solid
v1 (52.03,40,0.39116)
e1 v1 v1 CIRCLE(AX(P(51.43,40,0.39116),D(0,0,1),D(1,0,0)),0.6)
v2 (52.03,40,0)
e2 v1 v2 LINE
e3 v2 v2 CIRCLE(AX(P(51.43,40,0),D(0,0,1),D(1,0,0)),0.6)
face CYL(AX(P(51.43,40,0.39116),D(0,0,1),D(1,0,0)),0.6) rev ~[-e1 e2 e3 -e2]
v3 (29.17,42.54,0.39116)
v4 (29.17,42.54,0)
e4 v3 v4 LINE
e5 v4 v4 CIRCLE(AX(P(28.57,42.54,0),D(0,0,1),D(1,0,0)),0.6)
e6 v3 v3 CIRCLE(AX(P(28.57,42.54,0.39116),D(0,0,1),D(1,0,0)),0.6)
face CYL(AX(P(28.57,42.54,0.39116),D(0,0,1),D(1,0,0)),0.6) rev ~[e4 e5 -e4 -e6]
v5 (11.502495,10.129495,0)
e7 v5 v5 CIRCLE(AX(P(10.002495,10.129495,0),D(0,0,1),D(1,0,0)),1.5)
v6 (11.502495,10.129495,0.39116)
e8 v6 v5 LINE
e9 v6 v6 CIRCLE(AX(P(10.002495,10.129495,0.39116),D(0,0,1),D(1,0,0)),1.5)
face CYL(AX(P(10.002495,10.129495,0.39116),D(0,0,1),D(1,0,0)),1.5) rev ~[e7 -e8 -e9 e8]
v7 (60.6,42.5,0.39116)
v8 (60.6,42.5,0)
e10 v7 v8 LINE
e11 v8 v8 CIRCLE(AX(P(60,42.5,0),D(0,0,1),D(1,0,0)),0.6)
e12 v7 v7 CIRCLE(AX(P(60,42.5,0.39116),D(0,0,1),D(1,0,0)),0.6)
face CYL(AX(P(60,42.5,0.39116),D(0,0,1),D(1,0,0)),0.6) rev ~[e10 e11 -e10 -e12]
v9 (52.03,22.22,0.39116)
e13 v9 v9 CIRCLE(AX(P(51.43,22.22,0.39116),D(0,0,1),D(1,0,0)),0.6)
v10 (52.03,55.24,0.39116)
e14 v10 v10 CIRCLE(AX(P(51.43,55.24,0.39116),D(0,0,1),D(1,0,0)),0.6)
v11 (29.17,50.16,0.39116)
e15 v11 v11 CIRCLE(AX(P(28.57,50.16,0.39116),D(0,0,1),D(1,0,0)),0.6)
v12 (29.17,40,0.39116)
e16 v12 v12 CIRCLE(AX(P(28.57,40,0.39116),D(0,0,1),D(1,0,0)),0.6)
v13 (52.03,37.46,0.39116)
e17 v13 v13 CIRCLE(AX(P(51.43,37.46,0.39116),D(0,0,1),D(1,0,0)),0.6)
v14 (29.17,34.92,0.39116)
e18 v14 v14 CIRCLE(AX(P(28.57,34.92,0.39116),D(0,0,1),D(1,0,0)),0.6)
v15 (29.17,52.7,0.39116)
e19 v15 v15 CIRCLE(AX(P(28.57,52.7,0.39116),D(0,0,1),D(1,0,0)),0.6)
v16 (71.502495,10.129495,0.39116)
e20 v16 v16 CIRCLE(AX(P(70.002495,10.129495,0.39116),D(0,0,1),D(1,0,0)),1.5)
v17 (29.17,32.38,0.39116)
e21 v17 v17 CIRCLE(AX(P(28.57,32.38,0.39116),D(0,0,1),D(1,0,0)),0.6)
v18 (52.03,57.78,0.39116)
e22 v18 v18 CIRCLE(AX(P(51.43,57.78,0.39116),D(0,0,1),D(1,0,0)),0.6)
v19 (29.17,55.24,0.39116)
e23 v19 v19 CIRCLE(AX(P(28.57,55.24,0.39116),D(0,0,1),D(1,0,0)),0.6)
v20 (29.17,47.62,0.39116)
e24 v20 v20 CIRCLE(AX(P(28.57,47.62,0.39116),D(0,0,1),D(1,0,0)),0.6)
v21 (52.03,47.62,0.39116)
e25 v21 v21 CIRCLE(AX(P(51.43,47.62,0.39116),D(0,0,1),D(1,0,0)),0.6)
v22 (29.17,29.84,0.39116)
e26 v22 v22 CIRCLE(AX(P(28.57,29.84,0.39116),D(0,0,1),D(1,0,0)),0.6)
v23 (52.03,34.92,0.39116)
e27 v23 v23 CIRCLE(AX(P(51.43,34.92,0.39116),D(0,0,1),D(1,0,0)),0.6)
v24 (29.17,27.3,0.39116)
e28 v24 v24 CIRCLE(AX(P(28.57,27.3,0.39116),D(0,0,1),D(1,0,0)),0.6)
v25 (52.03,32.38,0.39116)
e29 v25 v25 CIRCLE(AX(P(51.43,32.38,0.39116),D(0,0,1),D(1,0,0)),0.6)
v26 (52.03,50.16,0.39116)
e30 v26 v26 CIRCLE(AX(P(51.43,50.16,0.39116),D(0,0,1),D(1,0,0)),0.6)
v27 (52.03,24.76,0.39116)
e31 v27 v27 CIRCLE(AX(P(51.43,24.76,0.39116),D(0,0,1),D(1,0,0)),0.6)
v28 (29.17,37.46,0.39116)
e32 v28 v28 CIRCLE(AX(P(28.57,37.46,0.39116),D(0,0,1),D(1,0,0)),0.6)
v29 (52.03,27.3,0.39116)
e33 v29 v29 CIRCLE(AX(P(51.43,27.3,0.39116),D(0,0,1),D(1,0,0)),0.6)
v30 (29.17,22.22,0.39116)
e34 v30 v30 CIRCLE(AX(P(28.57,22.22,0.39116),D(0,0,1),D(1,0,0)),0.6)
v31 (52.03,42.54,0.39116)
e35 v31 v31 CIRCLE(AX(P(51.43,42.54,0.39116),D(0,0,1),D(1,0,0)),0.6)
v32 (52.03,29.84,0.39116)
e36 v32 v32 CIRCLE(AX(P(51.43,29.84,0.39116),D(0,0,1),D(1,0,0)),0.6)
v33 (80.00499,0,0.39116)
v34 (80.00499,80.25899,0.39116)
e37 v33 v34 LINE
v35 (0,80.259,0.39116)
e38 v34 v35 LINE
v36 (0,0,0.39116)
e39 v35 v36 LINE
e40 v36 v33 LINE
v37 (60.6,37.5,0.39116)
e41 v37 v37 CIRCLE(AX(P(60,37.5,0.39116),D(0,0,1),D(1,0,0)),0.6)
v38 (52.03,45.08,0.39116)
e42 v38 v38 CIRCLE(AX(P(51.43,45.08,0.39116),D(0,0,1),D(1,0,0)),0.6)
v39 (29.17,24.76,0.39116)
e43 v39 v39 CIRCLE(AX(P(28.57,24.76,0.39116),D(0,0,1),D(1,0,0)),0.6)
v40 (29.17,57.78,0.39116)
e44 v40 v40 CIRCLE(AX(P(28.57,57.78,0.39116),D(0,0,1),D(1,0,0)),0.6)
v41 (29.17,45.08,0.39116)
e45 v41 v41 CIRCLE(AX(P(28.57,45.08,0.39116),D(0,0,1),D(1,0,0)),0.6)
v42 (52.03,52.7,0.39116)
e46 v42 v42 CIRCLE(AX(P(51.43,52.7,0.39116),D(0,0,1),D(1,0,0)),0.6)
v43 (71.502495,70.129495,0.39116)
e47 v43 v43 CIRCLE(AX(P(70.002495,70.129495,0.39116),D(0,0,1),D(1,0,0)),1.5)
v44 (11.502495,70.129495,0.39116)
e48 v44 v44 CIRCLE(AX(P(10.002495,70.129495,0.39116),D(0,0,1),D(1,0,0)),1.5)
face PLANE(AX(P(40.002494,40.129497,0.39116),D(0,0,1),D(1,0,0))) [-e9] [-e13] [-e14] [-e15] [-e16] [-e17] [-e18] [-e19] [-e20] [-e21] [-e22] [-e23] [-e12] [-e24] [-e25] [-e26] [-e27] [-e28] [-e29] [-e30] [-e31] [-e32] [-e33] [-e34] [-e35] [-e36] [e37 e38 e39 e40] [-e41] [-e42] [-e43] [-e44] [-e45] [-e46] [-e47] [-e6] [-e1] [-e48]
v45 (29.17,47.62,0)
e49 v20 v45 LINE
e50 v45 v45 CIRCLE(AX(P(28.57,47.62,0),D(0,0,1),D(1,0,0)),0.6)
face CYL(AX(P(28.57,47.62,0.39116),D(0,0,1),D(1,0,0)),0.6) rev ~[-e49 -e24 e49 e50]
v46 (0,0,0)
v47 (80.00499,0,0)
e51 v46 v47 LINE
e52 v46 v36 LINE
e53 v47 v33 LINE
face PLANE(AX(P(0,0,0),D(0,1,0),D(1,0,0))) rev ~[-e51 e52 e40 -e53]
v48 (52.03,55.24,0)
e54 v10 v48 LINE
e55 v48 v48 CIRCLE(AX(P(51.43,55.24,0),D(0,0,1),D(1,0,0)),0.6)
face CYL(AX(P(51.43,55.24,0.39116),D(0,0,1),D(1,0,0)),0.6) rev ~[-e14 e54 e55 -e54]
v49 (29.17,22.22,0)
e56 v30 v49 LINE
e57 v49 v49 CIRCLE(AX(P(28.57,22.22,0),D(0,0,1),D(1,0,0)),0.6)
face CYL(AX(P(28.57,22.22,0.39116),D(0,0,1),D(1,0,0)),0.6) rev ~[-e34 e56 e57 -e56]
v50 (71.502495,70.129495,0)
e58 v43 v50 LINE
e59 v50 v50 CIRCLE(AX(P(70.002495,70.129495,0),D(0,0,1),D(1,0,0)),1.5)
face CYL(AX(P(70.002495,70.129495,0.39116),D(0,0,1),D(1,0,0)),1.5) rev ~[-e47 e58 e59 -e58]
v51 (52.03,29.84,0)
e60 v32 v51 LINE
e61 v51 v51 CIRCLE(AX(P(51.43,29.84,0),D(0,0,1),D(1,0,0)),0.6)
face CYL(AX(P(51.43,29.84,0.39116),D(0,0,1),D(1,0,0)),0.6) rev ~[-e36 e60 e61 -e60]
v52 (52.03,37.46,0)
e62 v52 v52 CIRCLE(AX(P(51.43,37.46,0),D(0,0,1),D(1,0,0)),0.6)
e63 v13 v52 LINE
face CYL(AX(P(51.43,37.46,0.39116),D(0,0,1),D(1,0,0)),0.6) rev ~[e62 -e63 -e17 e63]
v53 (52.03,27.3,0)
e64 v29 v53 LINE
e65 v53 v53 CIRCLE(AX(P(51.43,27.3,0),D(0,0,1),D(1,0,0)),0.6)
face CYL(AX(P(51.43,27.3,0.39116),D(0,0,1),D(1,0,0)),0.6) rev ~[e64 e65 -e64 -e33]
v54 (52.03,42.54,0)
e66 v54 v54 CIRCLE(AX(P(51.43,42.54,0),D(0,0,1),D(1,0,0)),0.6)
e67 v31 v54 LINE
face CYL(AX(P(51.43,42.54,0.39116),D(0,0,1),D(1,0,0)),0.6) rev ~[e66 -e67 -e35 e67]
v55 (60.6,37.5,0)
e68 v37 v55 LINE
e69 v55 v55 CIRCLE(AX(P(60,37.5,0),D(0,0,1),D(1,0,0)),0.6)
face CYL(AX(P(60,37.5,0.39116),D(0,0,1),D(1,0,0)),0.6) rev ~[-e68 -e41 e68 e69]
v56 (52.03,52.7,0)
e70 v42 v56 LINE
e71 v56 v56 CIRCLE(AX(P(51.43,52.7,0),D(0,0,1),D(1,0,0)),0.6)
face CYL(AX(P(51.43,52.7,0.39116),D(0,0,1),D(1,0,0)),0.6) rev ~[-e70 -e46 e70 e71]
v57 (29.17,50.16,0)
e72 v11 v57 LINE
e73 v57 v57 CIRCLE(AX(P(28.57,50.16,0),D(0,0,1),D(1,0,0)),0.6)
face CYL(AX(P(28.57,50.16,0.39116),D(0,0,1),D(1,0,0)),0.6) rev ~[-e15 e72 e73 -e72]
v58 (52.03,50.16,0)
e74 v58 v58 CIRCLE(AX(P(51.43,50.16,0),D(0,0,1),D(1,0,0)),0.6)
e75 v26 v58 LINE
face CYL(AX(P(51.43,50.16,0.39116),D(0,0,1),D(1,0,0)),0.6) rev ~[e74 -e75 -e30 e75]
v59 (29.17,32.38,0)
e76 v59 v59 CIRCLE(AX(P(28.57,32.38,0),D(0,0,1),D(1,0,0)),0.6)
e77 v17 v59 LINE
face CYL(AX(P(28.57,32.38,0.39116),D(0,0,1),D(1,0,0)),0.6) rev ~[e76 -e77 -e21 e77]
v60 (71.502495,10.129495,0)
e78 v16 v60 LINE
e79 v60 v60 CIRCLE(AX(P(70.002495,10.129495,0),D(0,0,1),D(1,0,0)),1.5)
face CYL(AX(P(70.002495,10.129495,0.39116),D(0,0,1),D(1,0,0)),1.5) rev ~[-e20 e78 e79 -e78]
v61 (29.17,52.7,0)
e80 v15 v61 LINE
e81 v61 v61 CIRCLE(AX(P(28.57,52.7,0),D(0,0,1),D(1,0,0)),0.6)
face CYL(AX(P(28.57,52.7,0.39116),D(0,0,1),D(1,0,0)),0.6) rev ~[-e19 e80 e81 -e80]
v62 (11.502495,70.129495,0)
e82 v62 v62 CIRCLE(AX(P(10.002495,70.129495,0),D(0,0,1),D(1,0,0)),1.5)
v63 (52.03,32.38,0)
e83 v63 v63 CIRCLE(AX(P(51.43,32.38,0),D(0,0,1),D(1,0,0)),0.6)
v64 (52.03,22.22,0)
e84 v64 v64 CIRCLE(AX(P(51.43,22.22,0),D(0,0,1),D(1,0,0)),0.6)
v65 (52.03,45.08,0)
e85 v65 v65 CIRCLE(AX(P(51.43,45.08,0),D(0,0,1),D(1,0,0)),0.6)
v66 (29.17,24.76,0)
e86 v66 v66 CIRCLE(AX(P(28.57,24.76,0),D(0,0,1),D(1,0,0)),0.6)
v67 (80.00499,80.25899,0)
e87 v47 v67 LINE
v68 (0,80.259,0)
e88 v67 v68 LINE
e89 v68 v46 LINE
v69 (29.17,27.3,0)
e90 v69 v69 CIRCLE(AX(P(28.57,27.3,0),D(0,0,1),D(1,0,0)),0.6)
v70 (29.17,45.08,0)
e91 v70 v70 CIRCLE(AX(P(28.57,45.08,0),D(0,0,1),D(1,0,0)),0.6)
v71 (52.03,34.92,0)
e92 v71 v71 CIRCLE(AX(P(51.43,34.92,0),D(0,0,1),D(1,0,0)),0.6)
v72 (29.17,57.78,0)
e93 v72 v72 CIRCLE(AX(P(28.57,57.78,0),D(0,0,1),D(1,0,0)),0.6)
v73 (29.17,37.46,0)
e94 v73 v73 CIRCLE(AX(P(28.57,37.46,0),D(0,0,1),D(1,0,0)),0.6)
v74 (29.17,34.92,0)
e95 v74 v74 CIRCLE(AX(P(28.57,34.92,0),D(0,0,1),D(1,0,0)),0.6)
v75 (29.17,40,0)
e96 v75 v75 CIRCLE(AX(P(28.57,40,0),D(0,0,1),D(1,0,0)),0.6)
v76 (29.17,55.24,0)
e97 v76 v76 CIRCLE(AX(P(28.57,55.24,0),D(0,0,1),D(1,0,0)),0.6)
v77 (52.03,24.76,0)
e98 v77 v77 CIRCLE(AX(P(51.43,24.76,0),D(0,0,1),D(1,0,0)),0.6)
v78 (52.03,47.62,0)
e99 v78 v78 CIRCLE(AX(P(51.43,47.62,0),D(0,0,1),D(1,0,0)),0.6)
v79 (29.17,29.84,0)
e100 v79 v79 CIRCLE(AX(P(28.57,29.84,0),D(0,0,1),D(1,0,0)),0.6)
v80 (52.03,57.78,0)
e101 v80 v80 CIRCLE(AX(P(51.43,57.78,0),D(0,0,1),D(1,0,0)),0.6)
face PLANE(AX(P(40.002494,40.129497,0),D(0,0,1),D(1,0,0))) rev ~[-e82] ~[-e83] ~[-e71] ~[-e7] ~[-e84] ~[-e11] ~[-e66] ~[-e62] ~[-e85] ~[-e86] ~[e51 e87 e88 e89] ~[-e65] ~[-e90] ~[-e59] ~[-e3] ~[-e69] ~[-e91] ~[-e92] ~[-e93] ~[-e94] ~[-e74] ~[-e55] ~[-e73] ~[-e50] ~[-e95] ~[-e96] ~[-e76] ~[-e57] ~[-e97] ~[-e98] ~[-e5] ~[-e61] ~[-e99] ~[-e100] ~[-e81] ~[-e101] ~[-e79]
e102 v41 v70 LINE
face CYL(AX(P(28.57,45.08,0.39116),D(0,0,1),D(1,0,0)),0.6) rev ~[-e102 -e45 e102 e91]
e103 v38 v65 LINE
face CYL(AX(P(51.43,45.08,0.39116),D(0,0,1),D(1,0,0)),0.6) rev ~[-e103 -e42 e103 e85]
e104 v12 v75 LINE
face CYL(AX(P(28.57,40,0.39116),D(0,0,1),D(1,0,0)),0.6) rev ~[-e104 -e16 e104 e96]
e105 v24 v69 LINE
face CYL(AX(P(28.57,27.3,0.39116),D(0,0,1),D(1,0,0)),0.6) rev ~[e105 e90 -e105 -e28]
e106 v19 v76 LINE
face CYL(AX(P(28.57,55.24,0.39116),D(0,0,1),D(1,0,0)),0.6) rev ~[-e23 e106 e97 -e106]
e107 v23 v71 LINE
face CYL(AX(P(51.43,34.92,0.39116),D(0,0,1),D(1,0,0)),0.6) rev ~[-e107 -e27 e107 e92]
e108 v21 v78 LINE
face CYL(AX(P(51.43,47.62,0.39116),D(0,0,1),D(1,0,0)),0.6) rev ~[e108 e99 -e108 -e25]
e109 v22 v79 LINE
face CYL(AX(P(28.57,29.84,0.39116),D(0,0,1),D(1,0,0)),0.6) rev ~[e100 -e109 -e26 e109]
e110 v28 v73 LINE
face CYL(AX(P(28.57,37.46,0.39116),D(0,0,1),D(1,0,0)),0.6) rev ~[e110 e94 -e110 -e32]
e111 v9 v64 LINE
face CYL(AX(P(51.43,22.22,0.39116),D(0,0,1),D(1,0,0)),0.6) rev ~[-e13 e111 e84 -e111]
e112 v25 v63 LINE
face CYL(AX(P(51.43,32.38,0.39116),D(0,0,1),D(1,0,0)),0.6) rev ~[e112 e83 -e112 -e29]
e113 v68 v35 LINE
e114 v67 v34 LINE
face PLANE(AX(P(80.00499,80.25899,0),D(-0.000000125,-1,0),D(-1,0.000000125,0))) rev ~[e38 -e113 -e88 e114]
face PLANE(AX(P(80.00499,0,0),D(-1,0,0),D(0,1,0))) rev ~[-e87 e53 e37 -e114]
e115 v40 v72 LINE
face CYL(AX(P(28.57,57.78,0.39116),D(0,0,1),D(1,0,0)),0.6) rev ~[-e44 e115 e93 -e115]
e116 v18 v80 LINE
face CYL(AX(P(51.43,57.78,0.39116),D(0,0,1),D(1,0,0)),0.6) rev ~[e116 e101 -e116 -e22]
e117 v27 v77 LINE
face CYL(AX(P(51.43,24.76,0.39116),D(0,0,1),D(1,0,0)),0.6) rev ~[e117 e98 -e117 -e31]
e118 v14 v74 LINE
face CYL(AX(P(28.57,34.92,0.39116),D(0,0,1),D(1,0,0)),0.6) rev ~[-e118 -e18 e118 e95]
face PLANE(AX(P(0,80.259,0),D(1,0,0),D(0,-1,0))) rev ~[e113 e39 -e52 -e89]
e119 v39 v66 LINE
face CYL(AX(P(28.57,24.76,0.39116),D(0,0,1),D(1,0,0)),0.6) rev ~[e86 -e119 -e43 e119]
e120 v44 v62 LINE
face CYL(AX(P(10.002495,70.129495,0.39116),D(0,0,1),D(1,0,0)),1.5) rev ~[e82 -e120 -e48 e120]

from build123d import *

# Parameters (mm, degrees)
BOARD_DEPTH                 = 0.39116
ESBO_O2_R                   = 0.6
HOLE_P1_1_DEPTH             = 0.39116
ESBO_O3_R                   = 0.6
HOLE_P1_2_DEPTH             = 1.39116
ESBO_O4_R                   = 0.6
HOLE_P3_12_DEPTH            = 1.39116
ESBO_O5_R                   = 0.6
HOLE_P3_13_DEPTH            = 1.39116
ESBO_O6_R                   = 0.6
HOLE_P3_14_DEPTH            = 1.39116
ESBO_O7_R                   = 0.6
HOLE_P3_15_DEPTH            = 1.39116
ESBO_O8_R                   = 0.6
HOLE_P3_11_DEPTH            = 1.39116
ESBO_O9_R                   = 0.6
HOLE_P3_10_DEPTH            = 1.39116
ESBO_O10_R                  = 0.6
HOLE_P3_9_DEPTH             = 1.39116
ESBO_O11_R                  = 0.6
HOLE_P3_8_DEPTH             = 1.39116
ESBO_O12_R                  = 0.6
HOLE_P3_7_DEPTH             = 1.39116
ESBO_O13_R                  = 0.6
HOLE_P3_6_DEPTH             = 1.39116
ESBO_O14_R                  = 0.6
HOLE_P3_5_DEPTH             = 1.39116
ESBO_O15_R                  = 0.6
HOLE_P3_1_DEPTH             = 1.39116
ESBO_O16_R                  = 0.6
HOLE_P3_2_DEPTH             = 1.39116
ESBO_O17_R                  = 0.6
HOLE_P3_3_DEPTH             = 1.39116
ESBO_O18_R                  = 0.6
HOLE_P3_4_DEPTH             = 1.39116
ESBO_O19_R                  = 0.6
HOLE_P2_12_DEPTH            = 1.39116
ESBO_O20_R                  = 0.6
HOLE_P2_13_DEPTH            = 1.39116
ESBO_O21_R                  = 0.6
HOLE_P2_14_DEPTH            = 1.39116
ESBO_O22_R                  = 0.6
HOLE_P2_15_DEPTH            = 1.39116
ESBO_O23_R                  = 0.6
HOLE_P2_11_DEPTH            = 1.39116
ESBO_O24_R                  = 0.6
HOLE_P2_10_DEPTH            = 1.39116
ESBO_O25_R                  = 0.6
HOLE_P2_9_DEPTH             = 1.39116
ESBO_O26_R                  = 0.6
HOLE_P2_8_DEPTH             = 1.39116
ESBO_O27_R                  = 0.6
HOLE_P2_7_DEPTH             = 1.39116
ESBO_O28_R                  = 0.6
HOLE_P2_6_DEPTH             = 1.39116
ESBO_O29_R                  = 0.6
HOLE_P2_5_DEPTH             = 1.39116
ESBO_O30_R                  = 0.6
HOLE_P2_1_DEPTH             = 1.39116
ESBO_O31_R                  = 0.6
HOLE_P2_2_DEPTH             = 1.39116
ESBO_O32_R                  = 0.6
HOLE_P2_3_DEPTH             = 1.39116
ESBO_O33_R                  = 0.6
HOLE_P2_4_DEPTH             = 1.39116
ESBO_O34_R                  = 1.5
FREE_CORTE_EXTRUS_O33_DEPTH = 10


with BuildPart() as part:
    # Esboço1 → Board (new body)
    with BuildSketch(Plane.XY):
        Polygon((0, 0), (80.00499, 0), (80.00499, 80.25899), (0, 80.259), align=None)
    extrude(amount=BOARD_DEPTH)

    # Esboço2 → Hole - P1-1 (cut)
    with BuildSketch(Plane.XY.offset(0.39116)):
        with Locations((60, 37.5)):
            Circle(ESBO_O2_R)
    extrude(amount=-HOLE_P1_1_DEPTH, mode=Mode.SUBTRACT)

    # Esboço3 → Hole - P1-2 (cut, through all)
    with BuildSketch(Plane.XY.offset(0.39116)):
        with Locations((60, 42.5)):
            Circle(ESBO_O3_R)
    extrude(amount=-HOLE_P1_2_DEPTH, mode=Mode.SUBTRACT)

    # Esboço4 → Hole - P3-12 (cut, through all)
    with BuildSketch(Plane.XY.offset(0.39116)):
        with Locations((51.43, 50.16)):
            Circle(ESBO_O4_R)
    extrude(amount=-HOLE_P3_12_DEPTH, mode=Mode.SUBTRACT)

    # Esboço5 → Hole - P3-13 (cut, through all)
    with BuildSketch(Plane.XY.offset(0.39116)):
        with Locations((51.43, 52.7)):
            Circle(ESBO_O5_R)
    extrude(amount=-HOLE_P3_13_DEPTH, mode=Mode.SUBTRACT)

    # Esboço6 → Hole - P3-14 (cut, through all)
    with BuildSketch(Plane.XY.offset(0.39116)):
        with Locations((51.43, 55.24)):
            Circle(ESBO_O6_R)
    extrude(amount=-HOLE_P3_14_DEPTH, mode=Mode.SUBTRACT)

    # Esboço7 → Hole - P3-15 (cut, through all)
    with BuildSketch(Plane.XY.offset(0.39116)):
        with Locations((51.43, 57.78)):
            Circle(ESBO_O7_R)
    extrude(amount=-HOLE_P3_15_DEPTH, mode=Mode.SUBTRACT)

    # Esboço8 → Hole - P3-11 (cut, through all)
    with BuildSketch(Plane.XY.offset(0.39116)):
        with Locations((51.43, 47.62)):
            Circle(ESBO_O8_R)
    extrude(amount=-HOLE_P3_11_DEPTH, mode=Mode.SUBTRACT)

    # Esboço9 → Hole - P3-10 (cut, through all)
    with BuildSketch(Plane.XY.offset(0.39116)):
        with Locations((51.43, 45.08)):
            Circle(ESBO_O9_R)
    extrude(amount=-HOLE_P3_10_DEPTH, mode=Mode.SUBTRACT)

    # Esboço10 → Hole - P3-9 (cut, through all)
    with BuildSketch(Plane.XY.offset(0.39116)):
        with Locations((51.43, 42.54)):
            Circle(ESBO_O10_R)
    extrude(amount=-HOLE_P3_9_DEPTH, mode=Mode.SUBTRACT)

    # Esboço11 → Hole - P3-8 (cut, through all)
    with BuildSketch(Plane.XY.offset(0.39116)):
        with Locations((51.43, 40)):
            Circle(ESBO_O11_R)
    extrude(amount=-HOLE_P3_8_DEPTH, mode=Mode.SUBTRACT)

    # Esboço12 → Hole - P3-7 (cut, through all)
    with BuildSketch(Plane.XY.offset(0.39116)):
        with Locations((51.43, 37.46)):
            Circle(ESBO_O12_R)
    extrude(amount=-HOLE_P3_7_DEPTH, mode=Mode.SUBTRACT)

    # Esboço13 → Hole - P3-6 (cut, through all)
    with BuildSketch(Plane.XY.offset(0.39116)):
        with Locations((51.43, 34.92)):
            Circle(ESBO_O13_R)
    extrude(amount=-HOLE_P3_6_DEPTH, mode=Mode.SUBTRACT)

    # Esboço14 → Hole - P3-5 (cut, through all)
    with BuildSketch(Plane.XY.offset(0.39116)):
        with Locations((51.43, 32.38)):
            Circle(ESBO_O14_R)
    extrude(amount=-HOLE_P3_5_DEPTH, mode=Mode.SUBTRACT)

    # Esboço15 → Hole - P3-1 (cut, through all)
    with BuildSketch(Plane.XY.offset(0.39116)):
        with Locations((51.43, 22.22)):
            Circle(ESBO_O15_R)
    extrude(amount=-HOLE_P3_1_DEPTH, mode=Mode.SUBTRACT)

    # Esboço16 → Hole - P3-2 (cut, through all)
    with BuildSketch(Plane.XY.offset(0.39116)):
        with Locations((51.43, 24.76)):
            Circle(ESBO_O16_R)
    extrude(amount=-HOLE_P3_2_DEPTH, mode=Mode.SUBTRACT)

    # Esboço17 → Hole - P3-3 (cut, through all)
    with BuildSketch(Plane.XY.offset(0.39116)):
        with Locations((51.43, 27.3)):
            Circle(ESBO_O17_R)
    extrude(amount=-HOLE_P3_3_DEPTH, mode=Mode.SUBTRACT)

    # Esboço18 → Hole - P3-4 (cut, through all)
    with BuildSketch(Plane.XY.offset(0.39116)):
        with Locations((51.43, 29.84)):
            Circle(ESBO_O18_R)
    extrude(amount=-HOLE_P3_4_DEPTH, mode=Mode.SUBTRACT)

    # Esboço19 → Hole - P2-12 (cut, through all)
    with BuildSketch(Plane.XY.offset(0.39116)):
        with Locations((28.57, 50.16)):
            Circle(ESBO_O19_R)
    extrude(amount=-HOLE_P2_12_DEPTH, mode=Mode.SUBTRACT)

    # Esboço20 → Hole - P2-13 (cut, through all)
    with BuildSketch(Plane.XY.offset(0.39116)):
        with Locations((28.57, 52.7)):
            Circle(ESBO_O20_R)
    extrude(amount=-HOLE_P2_13_DEPTH, mode=Mode.SUBTRACT)

    # Esboço21 → Hole - P2-14 (cut, through all)
    with BuildSketch(Plane.XY.offset(0.39116)):
        with Locations((28.57, 55.24)):
            Circle(ESBO_O21_R)
    extrude(amount=-HOLE_P2_14_DEPTH, mode=Mode.SUBTRACT)

    # Esboço22 → Hole - P2-15 (cut, through all)
    with BuildSketch(Plane.XY.offset(0.39116)):
        with Locations((28.57, 57.78)):
            Circle(ESBO_O22_R)
    extrude(amount=-HOLE_P2_15_DEPTH, mode=Mode.SUBTRACT)

    # Esboço23 → Hole - P2-11 (cut, through all)
    with BuildSketch(Plane.XY.offset(0.39116)):
        with Locations((28.57, 47.62)):
            Circle(ESBO_O23_R)
    extrude(amount=-HOLE_P2_11_DEPTH, mode=Mode.SUBTRACT)

    # Esboço24 → Hole - P2-10 (cut, through all)
    with BuildSketch(Plane.XY.offset(0.39116)):
        with Locations((28.57, 45.08)):
            Circle(ESBO_O24_R)
    extrude(amount=-HOLE_P2_10_DEPTH, mode=Mode.SUBTRACT)

    # Esboço25 → Hole - P2-9 (cut, through all)
    with BuildSketch(Plane.XY.offset(0.39116)):
        with Locations((28.57, 42.54)):
            Circle(ESBO_O25_R)
    extrude(amount=-HOLE_P2_9_DEPTH, mode=Mode.SUBTRACT)

    # Esboço26 → Hole - P2-8 (cut, through all)
    with BuildSketch(Plane.XY.offset(0.39116)):
        with Locations((28.57, 40)):
            Circle(ESBO_O26_R)
    extrude(amount=-HOLE_P2_8_DEPTH, mode=Mode.SUBTRACT)

    # Esboço27 → Hole - P2-7 (cut, through all)
    with BuildSketch(Plane.XY.offset(0.39116)):
        with Locations((28.57, 37.46)):
            Circle(ESBO_O27_R)
    extrude(amount=-HOLE_P2_7_DEPTH, mode=Mode.SUBTRACT)

    # Esboço28 → Hole - P2-6 (cut, through all)
    with BuildSketch(Plane.XY.offset(0.39116)):
        with Locations((28.57, 34.92)):
            Circle(ESBO_O28_R)
    extrude(amount=-HOLE_P2_6_DEPTH, mode=Mode.SUBTRACT)

    # Esboço29 → Hole - P2-5 (cut, through all)
    with BuildSketch(Plane.XY.offset(0.39116)):
        with Locations((28.57, 32.38)):
            Circle(ESBO_O29_R)
    extrude(amount=-HOLE_P2_5_DEPTH, mode=Mode.SUBTRACT)

    # Esboço30 → Hole - P2-1 (cut, through all)
    with BuildSketch(Plane.XY.offset(0.39116)):
        with Locations((28.57, 22.22)):
            Circle(ESBO_O30_R)
    extrude(amount=-HOLE_P2_1_DEPTH, mode=Mode.SUBTRACT)

    # Esboço31 → Hole - P2-2 (cut, through all)
    with BuildSketch(Plane.XY.offset(0.39116)):
        with Locations((28.57, 24.76)):
            Circle(ESBO_O31_R)
    extrude(amount=-HOLE_P2_2_DEPTH, mode=Mode.SUBTRACT)

    # Esboço32 → Hole - P2-3 (cut, through all)
    with BuildSketch(Plane.XY.offset(0.39116)):
        with Locations((28.57, 27.3)):
            Circle(ESBO_O32_R)
    extrude(amount=-HOLE_P2_3_DEPTH, mode=Mode.SUBTRACT)

    # Esboço33 → Hole - P2-4 (cut, through all)
    with BuildSketch(Plane.XY.offset(0.39116)):
        with Locations((28.57, 29.84)):
            Circle(ESBO_O33_R)
    extrude(amount=-HOLE_P2_4_DEPTH, mode=Mode.SUBTRACT)

    # Esboço34 → Free-Corte-extrusão33 (cut)
    with BuildSketch(Plane.XY.offset(0.39116)):
        with Locations((10.002495, 70.129495)):
            Circle(ESBO_O34_R)
        with Locations((70.002495, 70.129495)):
            Circle(ESBO_O34_R)
        with Locations((70.002495, 10.129495)):
            Circle(ESBO_O34_R)
        with Locations((10.002495, 10.129495)):
            Circle(ESBO_O34_R)
    extrude(amount=-FREE_CORTE_EXTRUS_O33_DEPTH, mode=Mode.SUBTRACT)


solid = part.part
